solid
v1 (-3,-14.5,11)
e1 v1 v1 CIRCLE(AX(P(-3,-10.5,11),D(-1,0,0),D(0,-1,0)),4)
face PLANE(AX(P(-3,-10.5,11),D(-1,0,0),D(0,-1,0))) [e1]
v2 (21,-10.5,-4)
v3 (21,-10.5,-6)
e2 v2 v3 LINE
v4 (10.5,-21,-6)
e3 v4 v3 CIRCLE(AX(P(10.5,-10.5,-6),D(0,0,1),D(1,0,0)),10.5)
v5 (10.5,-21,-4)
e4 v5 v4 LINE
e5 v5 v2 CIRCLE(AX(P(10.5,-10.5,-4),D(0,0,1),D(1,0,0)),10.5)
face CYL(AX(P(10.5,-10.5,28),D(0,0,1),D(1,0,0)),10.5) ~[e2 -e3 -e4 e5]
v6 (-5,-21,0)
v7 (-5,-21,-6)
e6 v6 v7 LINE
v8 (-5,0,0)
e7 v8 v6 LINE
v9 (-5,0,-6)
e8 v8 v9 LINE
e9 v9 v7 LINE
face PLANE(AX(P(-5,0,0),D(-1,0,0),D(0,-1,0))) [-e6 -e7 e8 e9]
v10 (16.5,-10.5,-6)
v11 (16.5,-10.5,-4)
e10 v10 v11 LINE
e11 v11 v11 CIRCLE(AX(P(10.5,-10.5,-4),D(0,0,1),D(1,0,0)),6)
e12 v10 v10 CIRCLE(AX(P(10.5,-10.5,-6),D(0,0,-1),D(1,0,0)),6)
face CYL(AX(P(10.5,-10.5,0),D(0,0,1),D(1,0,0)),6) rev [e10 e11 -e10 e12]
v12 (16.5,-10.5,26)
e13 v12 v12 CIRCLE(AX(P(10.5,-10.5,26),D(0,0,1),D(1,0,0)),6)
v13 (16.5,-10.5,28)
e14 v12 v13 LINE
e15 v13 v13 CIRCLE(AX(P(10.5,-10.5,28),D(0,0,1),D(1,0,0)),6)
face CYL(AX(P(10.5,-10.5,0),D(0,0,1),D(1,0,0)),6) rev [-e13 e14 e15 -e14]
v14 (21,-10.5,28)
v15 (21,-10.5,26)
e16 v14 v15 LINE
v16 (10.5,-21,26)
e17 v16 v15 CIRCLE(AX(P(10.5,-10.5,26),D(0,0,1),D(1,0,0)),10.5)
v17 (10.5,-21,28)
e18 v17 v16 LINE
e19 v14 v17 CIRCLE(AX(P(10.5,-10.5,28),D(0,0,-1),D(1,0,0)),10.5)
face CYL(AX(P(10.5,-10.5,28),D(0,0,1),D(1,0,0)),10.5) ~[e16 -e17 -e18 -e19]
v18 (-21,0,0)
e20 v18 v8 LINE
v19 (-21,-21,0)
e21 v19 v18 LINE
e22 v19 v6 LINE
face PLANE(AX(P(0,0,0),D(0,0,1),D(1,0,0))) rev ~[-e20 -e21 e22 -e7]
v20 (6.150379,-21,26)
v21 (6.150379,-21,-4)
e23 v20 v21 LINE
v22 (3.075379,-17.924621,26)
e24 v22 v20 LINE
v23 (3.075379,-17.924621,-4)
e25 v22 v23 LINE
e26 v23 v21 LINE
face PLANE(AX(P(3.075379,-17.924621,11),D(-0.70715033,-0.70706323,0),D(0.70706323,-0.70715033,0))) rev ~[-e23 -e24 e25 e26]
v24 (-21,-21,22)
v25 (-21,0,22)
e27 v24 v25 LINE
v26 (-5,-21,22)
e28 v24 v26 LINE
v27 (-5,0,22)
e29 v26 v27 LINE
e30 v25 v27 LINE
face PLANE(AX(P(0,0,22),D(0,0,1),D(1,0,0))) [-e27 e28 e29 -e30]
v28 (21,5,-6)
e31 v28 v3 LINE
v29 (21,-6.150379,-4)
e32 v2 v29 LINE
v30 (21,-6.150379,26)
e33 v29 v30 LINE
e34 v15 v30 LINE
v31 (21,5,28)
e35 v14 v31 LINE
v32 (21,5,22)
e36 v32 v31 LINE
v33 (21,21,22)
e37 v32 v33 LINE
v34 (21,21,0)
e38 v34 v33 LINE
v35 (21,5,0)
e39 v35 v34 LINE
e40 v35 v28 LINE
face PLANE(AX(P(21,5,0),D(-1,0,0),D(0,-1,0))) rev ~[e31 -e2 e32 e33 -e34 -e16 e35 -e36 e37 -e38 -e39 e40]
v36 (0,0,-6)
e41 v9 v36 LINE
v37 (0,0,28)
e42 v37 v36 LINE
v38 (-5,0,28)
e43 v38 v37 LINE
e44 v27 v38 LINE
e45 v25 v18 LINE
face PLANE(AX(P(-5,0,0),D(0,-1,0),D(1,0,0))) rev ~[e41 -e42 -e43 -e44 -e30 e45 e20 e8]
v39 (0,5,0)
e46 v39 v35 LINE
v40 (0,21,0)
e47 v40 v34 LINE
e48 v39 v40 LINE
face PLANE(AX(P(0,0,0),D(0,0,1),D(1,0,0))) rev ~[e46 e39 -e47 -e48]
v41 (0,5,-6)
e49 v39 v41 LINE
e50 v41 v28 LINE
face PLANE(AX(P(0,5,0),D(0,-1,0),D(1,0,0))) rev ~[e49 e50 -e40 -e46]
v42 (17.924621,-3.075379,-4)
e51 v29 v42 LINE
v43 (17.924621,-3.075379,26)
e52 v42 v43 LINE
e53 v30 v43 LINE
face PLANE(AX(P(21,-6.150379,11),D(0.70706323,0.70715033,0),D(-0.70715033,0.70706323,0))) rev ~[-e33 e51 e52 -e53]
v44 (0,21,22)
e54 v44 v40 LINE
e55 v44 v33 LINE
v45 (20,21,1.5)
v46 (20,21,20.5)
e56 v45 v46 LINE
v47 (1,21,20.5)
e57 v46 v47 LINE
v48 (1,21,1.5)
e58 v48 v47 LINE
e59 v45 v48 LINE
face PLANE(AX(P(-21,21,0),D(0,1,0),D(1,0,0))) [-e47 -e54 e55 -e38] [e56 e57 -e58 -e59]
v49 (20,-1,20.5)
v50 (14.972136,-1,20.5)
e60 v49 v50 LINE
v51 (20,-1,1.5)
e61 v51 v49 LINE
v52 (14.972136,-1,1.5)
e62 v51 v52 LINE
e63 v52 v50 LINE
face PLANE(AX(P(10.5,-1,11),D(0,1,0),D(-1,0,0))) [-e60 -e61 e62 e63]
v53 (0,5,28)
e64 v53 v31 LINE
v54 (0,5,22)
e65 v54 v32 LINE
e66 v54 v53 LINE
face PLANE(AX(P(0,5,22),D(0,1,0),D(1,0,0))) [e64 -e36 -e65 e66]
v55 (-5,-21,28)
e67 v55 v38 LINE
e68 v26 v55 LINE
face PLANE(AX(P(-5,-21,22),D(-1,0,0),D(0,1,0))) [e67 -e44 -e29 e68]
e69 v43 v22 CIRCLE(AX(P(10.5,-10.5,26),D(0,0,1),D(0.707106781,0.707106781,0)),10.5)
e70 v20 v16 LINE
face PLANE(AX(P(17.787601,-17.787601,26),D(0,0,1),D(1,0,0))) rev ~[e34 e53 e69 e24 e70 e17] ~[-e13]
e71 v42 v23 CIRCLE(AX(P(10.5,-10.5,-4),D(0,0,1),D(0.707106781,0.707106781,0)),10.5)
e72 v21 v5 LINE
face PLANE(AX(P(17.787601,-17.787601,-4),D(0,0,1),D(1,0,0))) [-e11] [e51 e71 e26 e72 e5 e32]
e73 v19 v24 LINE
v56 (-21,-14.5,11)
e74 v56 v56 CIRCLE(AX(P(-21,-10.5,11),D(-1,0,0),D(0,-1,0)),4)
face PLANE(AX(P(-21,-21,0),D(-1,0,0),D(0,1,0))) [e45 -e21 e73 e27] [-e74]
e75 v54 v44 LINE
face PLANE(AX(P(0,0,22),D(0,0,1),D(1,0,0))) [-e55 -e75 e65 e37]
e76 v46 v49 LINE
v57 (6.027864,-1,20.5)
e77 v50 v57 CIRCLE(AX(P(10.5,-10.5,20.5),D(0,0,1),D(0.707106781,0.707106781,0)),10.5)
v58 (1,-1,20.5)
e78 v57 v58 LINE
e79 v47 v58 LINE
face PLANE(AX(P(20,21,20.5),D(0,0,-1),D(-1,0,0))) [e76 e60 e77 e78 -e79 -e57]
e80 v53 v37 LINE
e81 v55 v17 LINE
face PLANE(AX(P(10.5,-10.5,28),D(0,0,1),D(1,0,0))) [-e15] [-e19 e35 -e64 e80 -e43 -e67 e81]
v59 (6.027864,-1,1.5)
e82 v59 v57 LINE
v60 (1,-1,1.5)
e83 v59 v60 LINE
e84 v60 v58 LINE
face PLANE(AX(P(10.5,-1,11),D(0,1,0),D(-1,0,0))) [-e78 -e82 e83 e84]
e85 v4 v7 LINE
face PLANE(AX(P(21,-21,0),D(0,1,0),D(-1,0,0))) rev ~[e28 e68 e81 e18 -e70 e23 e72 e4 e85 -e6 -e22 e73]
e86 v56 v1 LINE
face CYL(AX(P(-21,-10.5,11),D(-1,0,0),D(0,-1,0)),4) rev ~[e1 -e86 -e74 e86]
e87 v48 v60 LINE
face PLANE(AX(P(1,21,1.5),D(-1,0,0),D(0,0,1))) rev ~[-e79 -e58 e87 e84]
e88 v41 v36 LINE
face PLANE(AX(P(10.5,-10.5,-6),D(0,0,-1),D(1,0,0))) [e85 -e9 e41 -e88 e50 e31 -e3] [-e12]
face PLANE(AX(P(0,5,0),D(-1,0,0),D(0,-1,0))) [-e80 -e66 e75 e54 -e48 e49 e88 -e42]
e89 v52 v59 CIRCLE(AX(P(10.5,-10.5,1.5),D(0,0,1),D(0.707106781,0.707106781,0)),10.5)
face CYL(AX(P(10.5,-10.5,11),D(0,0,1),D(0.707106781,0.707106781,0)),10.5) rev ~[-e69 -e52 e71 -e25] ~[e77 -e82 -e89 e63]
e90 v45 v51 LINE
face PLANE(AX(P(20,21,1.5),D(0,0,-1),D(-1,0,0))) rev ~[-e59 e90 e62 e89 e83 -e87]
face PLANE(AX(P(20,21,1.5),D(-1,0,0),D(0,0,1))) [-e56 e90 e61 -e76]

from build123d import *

# Parameters (mm, degrees)
F0_W      = 42
F0_H      = 42
F1_DEPTH  = 22
F2_W      = 21
F2_H      = 21
F3_DEPTH  = 22
F4_R      = 6
F5_DEPTH  = 22
F6_R      = 4
F7_DEPTH  = 18
F8_W      = 19
F8_H      = 19
F9_DEPTH  = 22
F10_W     = 21
F10_H     = 21
F10_R     = 6
F10_H_2   = 5
F10_W_2   = 5
F11_DEPTH = 6
F12_W     = 21
F12_H     = 21
F12_R     = 6
F12_W_2   = 5
F12_H_2   = 5
F13_DEPTH = 6
F15_R     = 6
F16_DEPTH = 15
F18_DEPTH = 34.001


with BuildPart() as f1:
    # F0 (on Top) → F1 (new body)
    with BuildSketch(Plane.XY):
        Rectangle(F0_W, F0_H)
    extrude(amount=F1_DEPTH)

    # F2 (on face) → F3 (cut, through all)
    with BuildSketch(Plane.XY.offset(22)):
        with Locations((-10.5, 10.5)):
            Rectangle(F2_W, F2_H)
    extrude(amount=-F3_DEPTH, mode=Mode.SUBTRACT)

    # F4 (on face) → F5 (cut, through all)
    with BuildSketch(Plane.XY.offset(22)):
        with Locations((10.5, -10.5)):
            Circle(F4_R)
    extrude(amount=-F5_DEPTH, mode=Mode.SUBTRACT)

    # F6 (on face) → F7 (cut)
    with BuildSketch(Plane(origin=(-21, 0, 0), x_dir=(0, -1, 0), z_dir=(-1, 0, 0))):
        with Locations((10.5, 11)):
            Circle(F6_R)
    extrude(amount=-F7_DEPTH, mode=Mode.SUBTRACT)

    # F8 (on face) → F9 (cut)
    with BuildSketch(Plane(origin=(0, 21, 0), x_dir=(-1, 0, 0), z_dir=(0, 1, 0))):
        with Locations((-10.5, 11)):
            Rectangle(F8_W, F8_H)
    extrude(amount=-F9_DEPTH, mode=Mode.SUBTRACT)

    # F10 (on face) → F11 (join)
    with BuildSketch(Plane.XY.offset(22)):
        with Locations((10.5, -10.5)):
            Rectangle(F10_W, F10_H)
        with Locations((10.5, -10.5)):
            Circle(F10_R, mode=Mode.SUBTRACT)
        with Locations((10.5, 2.5)):
            Rectangle(F10_W, F10_H_2)
        with Locations((-2.5, -10.5)):
            Rectangle(F10_W_2, F10_H)
    extrude(amount=F11_DEPTH)

    # F12 (on face) → F13 (join)
    with BuildSketch(Plane(origin=(0, 0, 0), x_dir=(1, 0, 0), z_dir=(0, 0, -1))):
        with Locations((10.5, 10.5)):
            Rectangle(F12_W, F12_H)
        with Locations((10.5, 10.5)):
            Circle(F12_R, mode=Mode.SUBTRACT)
        with Locations((-2.5, 10.5)):
            Rectangle(F12_W_2, F12_H)
        with Locations((10.5, -2.5)):
            Rectangle(F12_W, F12_H_2)
    extrude(amount=F13_DEPTH)

    # F15 (on offset) → F16 (cut, symmetric)
    with BuildSketch(Plane.XY.offset(11)):
        with BuildLine():
            Line((21, -21), (21, -10.5))
            ThreePointArc((21, -10.5), (17.9246212025, -17.9246212025), (10.5, -21))
            Line((10.5, -21), (21, -21))
        make_face()
        with BuildLine():
            Line((6.1503787975, -21), (10.5, -21))
            ThreePointArc((10.5, -21), (6.4818239602, -20.2007350914), (3.0753787975, -17.9246212025))
            Line((3.0753787975, -17.9246212025), (6.1503787975, -21))
        make_face()
        with BuildLine():
            ThreePointArc((17.9246212025, -3.0753787975), (20.2007350914, -6.4818239602), (21, -10.5))
            Line((21, -10.5), (21, -6.1503787975))
            Line((21, -6.1503787975), (17.9246212025, -3.0753787975))
        make_face()
        with BuildLine():
            ThreePointArc((10.5, -21), (17.9246212025, -17.9246212025), (21, -10.5))
            ThreePointArc((21, -10.5), (20.2007350914, -6.4818239602), (17.9246212025, -3.0753787975))
            ThreePointArc((17.9246212025, -3.0753787975), (3.0753787975, -3.0753787975), (3.0753787975, -17.9246212025))
            ThreePointArc((3.0753787975, -17.9246212025), (6.4818239602, -20.2007350914), (10.5, -21))
        make_face()
        with Locations((10.5, -10.5)):
            Circle(F15_R, mode=Mode.SUBTRACT)
    extrude(amount=F16_DEPTH, both=True, mode=Mode.SUBTRACT)

    # F17 (on face) → F18 (cut, through all)
    with BuildSketch(Plane.XY.offset(28)):
        with BuildLine():
            Line((21, -21), (21, -10.5))
            ThreePointArc((21, -10.5), (17.9246212025, -17.9246212025), (10.5, -21))
            Line((10.5, -21), (21, -21))
        make_face()
    extrude(amount=-F18_DEPTH, mode=Mode.SUBTRACT)


solid = f1.part
